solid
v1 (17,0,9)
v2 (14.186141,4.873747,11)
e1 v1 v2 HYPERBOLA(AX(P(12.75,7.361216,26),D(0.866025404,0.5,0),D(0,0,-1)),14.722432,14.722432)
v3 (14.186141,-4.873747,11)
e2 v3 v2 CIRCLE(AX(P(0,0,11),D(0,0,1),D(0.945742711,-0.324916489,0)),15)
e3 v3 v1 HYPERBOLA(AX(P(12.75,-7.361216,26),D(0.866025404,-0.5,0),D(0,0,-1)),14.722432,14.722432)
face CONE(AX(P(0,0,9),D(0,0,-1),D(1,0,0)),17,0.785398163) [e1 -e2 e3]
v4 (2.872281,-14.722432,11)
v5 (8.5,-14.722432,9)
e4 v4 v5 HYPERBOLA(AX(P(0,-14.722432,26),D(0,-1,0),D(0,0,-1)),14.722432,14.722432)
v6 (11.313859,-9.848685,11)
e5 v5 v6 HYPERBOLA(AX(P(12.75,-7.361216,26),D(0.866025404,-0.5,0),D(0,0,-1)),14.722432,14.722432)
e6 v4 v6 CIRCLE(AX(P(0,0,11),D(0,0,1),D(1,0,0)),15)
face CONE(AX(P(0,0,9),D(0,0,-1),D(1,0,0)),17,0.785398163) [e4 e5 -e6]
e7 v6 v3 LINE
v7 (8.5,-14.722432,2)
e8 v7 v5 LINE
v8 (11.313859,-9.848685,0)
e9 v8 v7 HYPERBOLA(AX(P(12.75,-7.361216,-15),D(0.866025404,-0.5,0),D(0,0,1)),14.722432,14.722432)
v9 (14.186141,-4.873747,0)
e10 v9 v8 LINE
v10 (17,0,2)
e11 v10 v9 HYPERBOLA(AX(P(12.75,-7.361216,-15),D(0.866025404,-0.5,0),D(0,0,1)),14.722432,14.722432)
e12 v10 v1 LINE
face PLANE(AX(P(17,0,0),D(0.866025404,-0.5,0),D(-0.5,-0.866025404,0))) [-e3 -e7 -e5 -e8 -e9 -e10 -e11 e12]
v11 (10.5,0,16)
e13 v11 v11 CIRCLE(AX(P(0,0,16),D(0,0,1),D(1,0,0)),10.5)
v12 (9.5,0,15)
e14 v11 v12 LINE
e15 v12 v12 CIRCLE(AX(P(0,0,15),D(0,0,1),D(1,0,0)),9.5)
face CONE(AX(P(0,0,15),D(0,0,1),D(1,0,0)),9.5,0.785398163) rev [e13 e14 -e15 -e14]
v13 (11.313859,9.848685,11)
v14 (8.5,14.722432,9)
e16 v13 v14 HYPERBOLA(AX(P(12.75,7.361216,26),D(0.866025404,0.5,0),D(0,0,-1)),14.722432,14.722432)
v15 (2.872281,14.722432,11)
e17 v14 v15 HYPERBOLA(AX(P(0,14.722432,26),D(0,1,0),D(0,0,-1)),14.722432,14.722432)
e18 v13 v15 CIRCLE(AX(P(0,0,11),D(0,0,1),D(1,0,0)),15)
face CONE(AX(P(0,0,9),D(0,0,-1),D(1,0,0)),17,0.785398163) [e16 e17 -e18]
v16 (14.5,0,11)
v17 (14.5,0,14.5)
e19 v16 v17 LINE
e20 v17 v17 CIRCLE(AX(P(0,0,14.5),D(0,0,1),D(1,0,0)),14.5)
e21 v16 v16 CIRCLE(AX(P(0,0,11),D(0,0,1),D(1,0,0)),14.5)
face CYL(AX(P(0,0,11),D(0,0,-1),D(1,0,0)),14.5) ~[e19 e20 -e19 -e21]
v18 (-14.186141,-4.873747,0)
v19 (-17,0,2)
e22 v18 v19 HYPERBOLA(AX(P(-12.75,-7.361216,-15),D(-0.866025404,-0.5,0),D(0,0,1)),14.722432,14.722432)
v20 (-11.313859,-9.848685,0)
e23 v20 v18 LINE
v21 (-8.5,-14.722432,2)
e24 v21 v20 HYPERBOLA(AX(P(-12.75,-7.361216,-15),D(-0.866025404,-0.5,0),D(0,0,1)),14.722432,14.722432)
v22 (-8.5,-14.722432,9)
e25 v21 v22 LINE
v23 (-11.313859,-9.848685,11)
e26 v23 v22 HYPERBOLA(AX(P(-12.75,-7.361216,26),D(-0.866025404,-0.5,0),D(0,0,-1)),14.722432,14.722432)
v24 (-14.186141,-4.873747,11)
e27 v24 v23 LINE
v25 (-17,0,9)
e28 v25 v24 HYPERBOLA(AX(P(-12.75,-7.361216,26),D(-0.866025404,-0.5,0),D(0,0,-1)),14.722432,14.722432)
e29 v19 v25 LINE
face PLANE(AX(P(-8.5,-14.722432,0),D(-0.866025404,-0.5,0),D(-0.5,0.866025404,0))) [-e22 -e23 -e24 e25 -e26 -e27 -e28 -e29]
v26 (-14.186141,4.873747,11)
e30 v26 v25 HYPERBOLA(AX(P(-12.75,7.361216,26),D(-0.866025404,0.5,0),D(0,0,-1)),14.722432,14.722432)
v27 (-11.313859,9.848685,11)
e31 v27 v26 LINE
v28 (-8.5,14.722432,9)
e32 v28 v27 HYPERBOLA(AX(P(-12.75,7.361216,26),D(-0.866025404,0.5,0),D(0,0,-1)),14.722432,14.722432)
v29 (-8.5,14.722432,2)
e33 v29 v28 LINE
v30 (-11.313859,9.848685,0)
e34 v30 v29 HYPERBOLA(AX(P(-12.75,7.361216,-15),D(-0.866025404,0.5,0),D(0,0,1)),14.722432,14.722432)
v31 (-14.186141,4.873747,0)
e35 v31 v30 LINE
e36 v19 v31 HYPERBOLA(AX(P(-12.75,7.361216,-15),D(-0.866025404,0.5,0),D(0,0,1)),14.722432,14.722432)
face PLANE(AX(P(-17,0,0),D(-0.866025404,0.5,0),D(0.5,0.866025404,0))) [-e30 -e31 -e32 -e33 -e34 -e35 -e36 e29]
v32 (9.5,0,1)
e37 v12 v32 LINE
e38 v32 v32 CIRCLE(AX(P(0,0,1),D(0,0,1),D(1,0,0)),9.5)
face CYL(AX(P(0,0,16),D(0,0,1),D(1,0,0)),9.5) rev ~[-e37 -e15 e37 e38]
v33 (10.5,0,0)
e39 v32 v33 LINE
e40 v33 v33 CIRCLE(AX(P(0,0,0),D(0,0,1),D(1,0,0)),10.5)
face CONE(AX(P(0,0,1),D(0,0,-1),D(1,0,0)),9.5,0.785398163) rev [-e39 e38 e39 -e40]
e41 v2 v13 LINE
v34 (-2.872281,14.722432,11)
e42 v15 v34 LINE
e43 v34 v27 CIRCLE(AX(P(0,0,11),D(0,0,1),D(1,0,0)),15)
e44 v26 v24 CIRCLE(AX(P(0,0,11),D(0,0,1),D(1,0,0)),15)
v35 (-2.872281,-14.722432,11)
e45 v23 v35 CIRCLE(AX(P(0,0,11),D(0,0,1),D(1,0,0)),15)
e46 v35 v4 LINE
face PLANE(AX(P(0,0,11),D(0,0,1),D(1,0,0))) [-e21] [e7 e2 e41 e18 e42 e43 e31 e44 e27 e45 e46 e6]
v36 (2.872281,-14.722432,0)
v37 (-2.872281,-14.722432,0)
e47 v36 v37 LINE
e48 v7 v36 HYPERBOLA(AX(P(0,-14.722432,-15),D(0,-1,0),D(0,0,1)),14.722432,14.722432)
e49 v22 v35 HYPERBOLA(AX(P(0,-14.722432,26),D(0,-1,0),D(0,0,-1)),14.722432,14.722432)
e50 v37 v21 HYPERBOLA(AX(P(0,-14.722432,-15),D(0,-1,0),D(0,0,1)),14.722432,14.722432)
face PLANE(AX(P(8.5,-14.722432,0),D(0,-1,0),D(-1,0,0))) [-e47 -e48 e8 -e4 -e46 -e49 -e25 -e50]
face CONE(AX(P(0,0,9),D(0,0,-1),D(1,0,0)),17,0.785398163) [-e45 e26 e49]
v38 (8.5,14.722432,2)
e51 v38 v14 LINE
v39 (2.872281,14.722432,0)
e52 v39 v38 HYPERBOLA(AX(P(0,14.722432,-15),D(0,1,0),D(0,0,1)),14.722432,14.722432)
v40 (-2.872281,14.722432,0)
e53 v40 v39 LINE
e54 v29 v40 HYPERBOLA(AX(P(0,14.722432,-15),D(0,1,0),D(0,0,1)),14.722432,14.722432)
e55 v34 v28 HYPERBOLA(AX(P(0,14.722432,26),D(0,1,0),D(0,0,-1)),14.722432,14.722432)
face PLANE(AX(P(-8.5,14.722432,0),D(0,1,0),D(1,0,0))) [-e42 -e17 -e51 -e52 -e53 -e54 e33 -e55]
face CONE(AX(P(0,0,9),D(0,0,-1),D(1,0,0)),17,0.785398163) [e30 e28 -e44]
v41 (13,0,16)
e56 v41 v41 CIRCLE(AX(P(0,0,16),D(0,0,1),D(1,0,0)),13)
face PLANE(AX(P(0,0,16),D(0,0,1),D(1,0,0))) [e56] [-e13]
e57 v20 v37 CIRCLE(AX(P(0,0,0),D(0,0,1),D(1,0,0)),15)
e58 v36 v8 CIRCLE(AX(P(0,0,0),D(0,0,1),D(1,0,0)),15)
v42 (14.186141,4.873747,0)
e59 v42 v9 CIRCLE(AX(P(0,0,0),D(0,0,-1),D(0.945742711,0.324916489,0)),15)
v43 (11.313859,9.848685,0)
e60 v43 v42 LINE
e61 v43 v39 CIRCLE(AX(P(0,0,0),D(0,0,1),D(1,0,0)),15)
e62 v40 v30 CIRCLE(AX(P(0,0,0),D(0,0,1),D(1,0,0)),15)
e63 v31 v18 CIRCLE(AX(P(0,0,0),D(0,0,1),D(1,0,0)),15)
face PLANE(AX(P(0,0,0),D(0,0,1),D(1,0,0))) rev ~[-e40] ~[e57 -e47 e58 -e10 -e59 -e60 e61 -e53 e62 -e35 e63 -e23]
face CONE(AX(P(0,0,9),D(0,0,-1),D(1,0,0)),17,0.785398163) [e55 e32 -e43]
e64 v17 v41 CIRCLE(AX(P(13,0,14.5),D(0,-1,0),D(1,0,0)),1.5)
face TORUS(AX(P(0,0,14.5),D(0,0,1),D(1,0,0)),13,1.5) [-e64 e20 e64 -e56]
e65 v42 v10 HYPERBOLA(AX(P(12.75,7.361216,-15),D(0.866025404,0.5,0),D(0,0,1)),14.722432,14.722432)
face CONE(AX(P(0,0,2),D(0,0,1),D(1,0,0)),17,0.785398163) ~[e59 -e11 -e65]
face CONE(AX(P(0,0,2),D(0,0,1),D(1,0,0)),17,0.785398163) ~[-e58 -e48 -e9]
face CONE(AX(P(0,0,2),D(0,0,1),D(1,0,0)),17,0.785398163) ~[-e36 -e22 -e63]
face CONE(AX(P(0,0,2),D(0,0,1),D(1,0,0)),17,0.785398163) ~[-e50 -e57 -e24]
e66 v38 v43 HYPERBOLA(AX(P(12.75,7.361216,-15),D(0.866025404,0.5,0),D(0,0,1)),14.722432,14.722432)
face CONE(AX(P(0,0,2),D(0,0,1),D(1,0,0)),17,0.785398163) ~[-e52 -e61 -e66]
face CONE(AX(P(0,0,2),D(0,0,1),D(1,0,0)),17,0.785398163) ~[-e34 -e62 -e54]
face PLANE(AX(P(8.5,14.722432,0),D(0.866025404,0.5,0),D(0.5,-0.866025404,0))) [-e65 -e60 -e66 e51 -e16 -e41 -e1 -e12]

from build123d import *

# Parameters (mm, degrees)
ESQUISSE1_R                  = 17
CORPS_DE_MANOEUVRE_DEPTH     = 11
ESQUISSE2_R                  = 14.5
ORGANE_DE_FREIN_DEPTH        = 5
ESQUISSE3_R                  = 9.5
PER_AGE_DEPTH                = 29.879058156
CHANFREIN_DE_MANOEUVRE_SIZE  = 2
HEXAGON_INSCRIBED1_OUTSIDE_W = 46.136
HEXAGON_INSCRIBED1_OUTSIDE_H = 46.136
MANOEUVRE_DEPTH              = 39.920108467
CONG_1_R                     = 1.5
CHANFREIN2_SIZE              = 1


with BuildPart() as part:
    # Esquisse1 → corps de manoeuvre (new body)
    with BuildSketch(Plane.XY):
        Circle(ESQUISSE1_R)
    extrude(amount=CORPS_DE_MANOEUVRE_DEPTH)

    # Esquisse2 → organe de frein (add)
    with BuildSketch(Plane.XY.offset(11)):
        Circle(ESQUISSE2_R)
    extrude(amount=ORGANE_DE_FREIN_DEPTH)

    # Esquisse3 → perçage (cut, through all)
    with BuildSketch(Plane.XY.offset(16)):
        Circle(ESQUISSE3_R)
    extrude(amount=-PER_AGE_DEPTH, mode=Mode.SUBTRACT)

    # Chanfrein de manoeuvre
    chanfrein_de_manoeuvre_edges = [part.edges().sort_by_distance(p)[0] for p in [
        (-17, 0, 0),
        (-17, 0, 11),
    ]]
    chamfer(chanfrein_de_manoeuvre_edges, length=CHANFREIN_DE_MANOEUVRE_SIZE)

    # Hexagon - inscribed1 outside → manoeuvre (cut, through all)
    with BuildSketch(Plane(origin=(1.77823943, 13.102368129, 0), x_dir=(-1, 0, 0), z_dir=(0, 0, -1))):
        with Locations((1.778, -13.102)):
            Rectangle(HEXAGON_INSCRIBED1_OUTSIDE_W, HEXAGON_INSCRIBED1_OUTSIDE_H)
        Polygon((18.77823943, -13.102368129), (10.27823943, 1.620063735), (-6.72176057, 1.620063735), (-15.22176057, -13.102368129), (-6.72176057, -27.824799994), (10.27823943, -27.824799994), align=None, mode=Mode.SUBTRACT)
    extrude(amount=-MANOEUVRE_DEPTH, mode=Mode.SUBTRACT)

    # Congé1
    cong_1_edges = [part.edges().sort_by_distance(p)[0] for p in [
        (-14.5, 0, 16),
    ]]
    fillet(cong_1_edges, radius=CONG_1_R)

    # Chanfrein2
    chanfrein2_edges = [part.edges().sort_by_distance(p)[0] for p in [
        (-9.5, 0, 16),
        (-9.5, 0, 0),
    ]]
    chamfer(chanfrein2_edges, length=CHANFREIN2_SIZE)


solid = part.part
